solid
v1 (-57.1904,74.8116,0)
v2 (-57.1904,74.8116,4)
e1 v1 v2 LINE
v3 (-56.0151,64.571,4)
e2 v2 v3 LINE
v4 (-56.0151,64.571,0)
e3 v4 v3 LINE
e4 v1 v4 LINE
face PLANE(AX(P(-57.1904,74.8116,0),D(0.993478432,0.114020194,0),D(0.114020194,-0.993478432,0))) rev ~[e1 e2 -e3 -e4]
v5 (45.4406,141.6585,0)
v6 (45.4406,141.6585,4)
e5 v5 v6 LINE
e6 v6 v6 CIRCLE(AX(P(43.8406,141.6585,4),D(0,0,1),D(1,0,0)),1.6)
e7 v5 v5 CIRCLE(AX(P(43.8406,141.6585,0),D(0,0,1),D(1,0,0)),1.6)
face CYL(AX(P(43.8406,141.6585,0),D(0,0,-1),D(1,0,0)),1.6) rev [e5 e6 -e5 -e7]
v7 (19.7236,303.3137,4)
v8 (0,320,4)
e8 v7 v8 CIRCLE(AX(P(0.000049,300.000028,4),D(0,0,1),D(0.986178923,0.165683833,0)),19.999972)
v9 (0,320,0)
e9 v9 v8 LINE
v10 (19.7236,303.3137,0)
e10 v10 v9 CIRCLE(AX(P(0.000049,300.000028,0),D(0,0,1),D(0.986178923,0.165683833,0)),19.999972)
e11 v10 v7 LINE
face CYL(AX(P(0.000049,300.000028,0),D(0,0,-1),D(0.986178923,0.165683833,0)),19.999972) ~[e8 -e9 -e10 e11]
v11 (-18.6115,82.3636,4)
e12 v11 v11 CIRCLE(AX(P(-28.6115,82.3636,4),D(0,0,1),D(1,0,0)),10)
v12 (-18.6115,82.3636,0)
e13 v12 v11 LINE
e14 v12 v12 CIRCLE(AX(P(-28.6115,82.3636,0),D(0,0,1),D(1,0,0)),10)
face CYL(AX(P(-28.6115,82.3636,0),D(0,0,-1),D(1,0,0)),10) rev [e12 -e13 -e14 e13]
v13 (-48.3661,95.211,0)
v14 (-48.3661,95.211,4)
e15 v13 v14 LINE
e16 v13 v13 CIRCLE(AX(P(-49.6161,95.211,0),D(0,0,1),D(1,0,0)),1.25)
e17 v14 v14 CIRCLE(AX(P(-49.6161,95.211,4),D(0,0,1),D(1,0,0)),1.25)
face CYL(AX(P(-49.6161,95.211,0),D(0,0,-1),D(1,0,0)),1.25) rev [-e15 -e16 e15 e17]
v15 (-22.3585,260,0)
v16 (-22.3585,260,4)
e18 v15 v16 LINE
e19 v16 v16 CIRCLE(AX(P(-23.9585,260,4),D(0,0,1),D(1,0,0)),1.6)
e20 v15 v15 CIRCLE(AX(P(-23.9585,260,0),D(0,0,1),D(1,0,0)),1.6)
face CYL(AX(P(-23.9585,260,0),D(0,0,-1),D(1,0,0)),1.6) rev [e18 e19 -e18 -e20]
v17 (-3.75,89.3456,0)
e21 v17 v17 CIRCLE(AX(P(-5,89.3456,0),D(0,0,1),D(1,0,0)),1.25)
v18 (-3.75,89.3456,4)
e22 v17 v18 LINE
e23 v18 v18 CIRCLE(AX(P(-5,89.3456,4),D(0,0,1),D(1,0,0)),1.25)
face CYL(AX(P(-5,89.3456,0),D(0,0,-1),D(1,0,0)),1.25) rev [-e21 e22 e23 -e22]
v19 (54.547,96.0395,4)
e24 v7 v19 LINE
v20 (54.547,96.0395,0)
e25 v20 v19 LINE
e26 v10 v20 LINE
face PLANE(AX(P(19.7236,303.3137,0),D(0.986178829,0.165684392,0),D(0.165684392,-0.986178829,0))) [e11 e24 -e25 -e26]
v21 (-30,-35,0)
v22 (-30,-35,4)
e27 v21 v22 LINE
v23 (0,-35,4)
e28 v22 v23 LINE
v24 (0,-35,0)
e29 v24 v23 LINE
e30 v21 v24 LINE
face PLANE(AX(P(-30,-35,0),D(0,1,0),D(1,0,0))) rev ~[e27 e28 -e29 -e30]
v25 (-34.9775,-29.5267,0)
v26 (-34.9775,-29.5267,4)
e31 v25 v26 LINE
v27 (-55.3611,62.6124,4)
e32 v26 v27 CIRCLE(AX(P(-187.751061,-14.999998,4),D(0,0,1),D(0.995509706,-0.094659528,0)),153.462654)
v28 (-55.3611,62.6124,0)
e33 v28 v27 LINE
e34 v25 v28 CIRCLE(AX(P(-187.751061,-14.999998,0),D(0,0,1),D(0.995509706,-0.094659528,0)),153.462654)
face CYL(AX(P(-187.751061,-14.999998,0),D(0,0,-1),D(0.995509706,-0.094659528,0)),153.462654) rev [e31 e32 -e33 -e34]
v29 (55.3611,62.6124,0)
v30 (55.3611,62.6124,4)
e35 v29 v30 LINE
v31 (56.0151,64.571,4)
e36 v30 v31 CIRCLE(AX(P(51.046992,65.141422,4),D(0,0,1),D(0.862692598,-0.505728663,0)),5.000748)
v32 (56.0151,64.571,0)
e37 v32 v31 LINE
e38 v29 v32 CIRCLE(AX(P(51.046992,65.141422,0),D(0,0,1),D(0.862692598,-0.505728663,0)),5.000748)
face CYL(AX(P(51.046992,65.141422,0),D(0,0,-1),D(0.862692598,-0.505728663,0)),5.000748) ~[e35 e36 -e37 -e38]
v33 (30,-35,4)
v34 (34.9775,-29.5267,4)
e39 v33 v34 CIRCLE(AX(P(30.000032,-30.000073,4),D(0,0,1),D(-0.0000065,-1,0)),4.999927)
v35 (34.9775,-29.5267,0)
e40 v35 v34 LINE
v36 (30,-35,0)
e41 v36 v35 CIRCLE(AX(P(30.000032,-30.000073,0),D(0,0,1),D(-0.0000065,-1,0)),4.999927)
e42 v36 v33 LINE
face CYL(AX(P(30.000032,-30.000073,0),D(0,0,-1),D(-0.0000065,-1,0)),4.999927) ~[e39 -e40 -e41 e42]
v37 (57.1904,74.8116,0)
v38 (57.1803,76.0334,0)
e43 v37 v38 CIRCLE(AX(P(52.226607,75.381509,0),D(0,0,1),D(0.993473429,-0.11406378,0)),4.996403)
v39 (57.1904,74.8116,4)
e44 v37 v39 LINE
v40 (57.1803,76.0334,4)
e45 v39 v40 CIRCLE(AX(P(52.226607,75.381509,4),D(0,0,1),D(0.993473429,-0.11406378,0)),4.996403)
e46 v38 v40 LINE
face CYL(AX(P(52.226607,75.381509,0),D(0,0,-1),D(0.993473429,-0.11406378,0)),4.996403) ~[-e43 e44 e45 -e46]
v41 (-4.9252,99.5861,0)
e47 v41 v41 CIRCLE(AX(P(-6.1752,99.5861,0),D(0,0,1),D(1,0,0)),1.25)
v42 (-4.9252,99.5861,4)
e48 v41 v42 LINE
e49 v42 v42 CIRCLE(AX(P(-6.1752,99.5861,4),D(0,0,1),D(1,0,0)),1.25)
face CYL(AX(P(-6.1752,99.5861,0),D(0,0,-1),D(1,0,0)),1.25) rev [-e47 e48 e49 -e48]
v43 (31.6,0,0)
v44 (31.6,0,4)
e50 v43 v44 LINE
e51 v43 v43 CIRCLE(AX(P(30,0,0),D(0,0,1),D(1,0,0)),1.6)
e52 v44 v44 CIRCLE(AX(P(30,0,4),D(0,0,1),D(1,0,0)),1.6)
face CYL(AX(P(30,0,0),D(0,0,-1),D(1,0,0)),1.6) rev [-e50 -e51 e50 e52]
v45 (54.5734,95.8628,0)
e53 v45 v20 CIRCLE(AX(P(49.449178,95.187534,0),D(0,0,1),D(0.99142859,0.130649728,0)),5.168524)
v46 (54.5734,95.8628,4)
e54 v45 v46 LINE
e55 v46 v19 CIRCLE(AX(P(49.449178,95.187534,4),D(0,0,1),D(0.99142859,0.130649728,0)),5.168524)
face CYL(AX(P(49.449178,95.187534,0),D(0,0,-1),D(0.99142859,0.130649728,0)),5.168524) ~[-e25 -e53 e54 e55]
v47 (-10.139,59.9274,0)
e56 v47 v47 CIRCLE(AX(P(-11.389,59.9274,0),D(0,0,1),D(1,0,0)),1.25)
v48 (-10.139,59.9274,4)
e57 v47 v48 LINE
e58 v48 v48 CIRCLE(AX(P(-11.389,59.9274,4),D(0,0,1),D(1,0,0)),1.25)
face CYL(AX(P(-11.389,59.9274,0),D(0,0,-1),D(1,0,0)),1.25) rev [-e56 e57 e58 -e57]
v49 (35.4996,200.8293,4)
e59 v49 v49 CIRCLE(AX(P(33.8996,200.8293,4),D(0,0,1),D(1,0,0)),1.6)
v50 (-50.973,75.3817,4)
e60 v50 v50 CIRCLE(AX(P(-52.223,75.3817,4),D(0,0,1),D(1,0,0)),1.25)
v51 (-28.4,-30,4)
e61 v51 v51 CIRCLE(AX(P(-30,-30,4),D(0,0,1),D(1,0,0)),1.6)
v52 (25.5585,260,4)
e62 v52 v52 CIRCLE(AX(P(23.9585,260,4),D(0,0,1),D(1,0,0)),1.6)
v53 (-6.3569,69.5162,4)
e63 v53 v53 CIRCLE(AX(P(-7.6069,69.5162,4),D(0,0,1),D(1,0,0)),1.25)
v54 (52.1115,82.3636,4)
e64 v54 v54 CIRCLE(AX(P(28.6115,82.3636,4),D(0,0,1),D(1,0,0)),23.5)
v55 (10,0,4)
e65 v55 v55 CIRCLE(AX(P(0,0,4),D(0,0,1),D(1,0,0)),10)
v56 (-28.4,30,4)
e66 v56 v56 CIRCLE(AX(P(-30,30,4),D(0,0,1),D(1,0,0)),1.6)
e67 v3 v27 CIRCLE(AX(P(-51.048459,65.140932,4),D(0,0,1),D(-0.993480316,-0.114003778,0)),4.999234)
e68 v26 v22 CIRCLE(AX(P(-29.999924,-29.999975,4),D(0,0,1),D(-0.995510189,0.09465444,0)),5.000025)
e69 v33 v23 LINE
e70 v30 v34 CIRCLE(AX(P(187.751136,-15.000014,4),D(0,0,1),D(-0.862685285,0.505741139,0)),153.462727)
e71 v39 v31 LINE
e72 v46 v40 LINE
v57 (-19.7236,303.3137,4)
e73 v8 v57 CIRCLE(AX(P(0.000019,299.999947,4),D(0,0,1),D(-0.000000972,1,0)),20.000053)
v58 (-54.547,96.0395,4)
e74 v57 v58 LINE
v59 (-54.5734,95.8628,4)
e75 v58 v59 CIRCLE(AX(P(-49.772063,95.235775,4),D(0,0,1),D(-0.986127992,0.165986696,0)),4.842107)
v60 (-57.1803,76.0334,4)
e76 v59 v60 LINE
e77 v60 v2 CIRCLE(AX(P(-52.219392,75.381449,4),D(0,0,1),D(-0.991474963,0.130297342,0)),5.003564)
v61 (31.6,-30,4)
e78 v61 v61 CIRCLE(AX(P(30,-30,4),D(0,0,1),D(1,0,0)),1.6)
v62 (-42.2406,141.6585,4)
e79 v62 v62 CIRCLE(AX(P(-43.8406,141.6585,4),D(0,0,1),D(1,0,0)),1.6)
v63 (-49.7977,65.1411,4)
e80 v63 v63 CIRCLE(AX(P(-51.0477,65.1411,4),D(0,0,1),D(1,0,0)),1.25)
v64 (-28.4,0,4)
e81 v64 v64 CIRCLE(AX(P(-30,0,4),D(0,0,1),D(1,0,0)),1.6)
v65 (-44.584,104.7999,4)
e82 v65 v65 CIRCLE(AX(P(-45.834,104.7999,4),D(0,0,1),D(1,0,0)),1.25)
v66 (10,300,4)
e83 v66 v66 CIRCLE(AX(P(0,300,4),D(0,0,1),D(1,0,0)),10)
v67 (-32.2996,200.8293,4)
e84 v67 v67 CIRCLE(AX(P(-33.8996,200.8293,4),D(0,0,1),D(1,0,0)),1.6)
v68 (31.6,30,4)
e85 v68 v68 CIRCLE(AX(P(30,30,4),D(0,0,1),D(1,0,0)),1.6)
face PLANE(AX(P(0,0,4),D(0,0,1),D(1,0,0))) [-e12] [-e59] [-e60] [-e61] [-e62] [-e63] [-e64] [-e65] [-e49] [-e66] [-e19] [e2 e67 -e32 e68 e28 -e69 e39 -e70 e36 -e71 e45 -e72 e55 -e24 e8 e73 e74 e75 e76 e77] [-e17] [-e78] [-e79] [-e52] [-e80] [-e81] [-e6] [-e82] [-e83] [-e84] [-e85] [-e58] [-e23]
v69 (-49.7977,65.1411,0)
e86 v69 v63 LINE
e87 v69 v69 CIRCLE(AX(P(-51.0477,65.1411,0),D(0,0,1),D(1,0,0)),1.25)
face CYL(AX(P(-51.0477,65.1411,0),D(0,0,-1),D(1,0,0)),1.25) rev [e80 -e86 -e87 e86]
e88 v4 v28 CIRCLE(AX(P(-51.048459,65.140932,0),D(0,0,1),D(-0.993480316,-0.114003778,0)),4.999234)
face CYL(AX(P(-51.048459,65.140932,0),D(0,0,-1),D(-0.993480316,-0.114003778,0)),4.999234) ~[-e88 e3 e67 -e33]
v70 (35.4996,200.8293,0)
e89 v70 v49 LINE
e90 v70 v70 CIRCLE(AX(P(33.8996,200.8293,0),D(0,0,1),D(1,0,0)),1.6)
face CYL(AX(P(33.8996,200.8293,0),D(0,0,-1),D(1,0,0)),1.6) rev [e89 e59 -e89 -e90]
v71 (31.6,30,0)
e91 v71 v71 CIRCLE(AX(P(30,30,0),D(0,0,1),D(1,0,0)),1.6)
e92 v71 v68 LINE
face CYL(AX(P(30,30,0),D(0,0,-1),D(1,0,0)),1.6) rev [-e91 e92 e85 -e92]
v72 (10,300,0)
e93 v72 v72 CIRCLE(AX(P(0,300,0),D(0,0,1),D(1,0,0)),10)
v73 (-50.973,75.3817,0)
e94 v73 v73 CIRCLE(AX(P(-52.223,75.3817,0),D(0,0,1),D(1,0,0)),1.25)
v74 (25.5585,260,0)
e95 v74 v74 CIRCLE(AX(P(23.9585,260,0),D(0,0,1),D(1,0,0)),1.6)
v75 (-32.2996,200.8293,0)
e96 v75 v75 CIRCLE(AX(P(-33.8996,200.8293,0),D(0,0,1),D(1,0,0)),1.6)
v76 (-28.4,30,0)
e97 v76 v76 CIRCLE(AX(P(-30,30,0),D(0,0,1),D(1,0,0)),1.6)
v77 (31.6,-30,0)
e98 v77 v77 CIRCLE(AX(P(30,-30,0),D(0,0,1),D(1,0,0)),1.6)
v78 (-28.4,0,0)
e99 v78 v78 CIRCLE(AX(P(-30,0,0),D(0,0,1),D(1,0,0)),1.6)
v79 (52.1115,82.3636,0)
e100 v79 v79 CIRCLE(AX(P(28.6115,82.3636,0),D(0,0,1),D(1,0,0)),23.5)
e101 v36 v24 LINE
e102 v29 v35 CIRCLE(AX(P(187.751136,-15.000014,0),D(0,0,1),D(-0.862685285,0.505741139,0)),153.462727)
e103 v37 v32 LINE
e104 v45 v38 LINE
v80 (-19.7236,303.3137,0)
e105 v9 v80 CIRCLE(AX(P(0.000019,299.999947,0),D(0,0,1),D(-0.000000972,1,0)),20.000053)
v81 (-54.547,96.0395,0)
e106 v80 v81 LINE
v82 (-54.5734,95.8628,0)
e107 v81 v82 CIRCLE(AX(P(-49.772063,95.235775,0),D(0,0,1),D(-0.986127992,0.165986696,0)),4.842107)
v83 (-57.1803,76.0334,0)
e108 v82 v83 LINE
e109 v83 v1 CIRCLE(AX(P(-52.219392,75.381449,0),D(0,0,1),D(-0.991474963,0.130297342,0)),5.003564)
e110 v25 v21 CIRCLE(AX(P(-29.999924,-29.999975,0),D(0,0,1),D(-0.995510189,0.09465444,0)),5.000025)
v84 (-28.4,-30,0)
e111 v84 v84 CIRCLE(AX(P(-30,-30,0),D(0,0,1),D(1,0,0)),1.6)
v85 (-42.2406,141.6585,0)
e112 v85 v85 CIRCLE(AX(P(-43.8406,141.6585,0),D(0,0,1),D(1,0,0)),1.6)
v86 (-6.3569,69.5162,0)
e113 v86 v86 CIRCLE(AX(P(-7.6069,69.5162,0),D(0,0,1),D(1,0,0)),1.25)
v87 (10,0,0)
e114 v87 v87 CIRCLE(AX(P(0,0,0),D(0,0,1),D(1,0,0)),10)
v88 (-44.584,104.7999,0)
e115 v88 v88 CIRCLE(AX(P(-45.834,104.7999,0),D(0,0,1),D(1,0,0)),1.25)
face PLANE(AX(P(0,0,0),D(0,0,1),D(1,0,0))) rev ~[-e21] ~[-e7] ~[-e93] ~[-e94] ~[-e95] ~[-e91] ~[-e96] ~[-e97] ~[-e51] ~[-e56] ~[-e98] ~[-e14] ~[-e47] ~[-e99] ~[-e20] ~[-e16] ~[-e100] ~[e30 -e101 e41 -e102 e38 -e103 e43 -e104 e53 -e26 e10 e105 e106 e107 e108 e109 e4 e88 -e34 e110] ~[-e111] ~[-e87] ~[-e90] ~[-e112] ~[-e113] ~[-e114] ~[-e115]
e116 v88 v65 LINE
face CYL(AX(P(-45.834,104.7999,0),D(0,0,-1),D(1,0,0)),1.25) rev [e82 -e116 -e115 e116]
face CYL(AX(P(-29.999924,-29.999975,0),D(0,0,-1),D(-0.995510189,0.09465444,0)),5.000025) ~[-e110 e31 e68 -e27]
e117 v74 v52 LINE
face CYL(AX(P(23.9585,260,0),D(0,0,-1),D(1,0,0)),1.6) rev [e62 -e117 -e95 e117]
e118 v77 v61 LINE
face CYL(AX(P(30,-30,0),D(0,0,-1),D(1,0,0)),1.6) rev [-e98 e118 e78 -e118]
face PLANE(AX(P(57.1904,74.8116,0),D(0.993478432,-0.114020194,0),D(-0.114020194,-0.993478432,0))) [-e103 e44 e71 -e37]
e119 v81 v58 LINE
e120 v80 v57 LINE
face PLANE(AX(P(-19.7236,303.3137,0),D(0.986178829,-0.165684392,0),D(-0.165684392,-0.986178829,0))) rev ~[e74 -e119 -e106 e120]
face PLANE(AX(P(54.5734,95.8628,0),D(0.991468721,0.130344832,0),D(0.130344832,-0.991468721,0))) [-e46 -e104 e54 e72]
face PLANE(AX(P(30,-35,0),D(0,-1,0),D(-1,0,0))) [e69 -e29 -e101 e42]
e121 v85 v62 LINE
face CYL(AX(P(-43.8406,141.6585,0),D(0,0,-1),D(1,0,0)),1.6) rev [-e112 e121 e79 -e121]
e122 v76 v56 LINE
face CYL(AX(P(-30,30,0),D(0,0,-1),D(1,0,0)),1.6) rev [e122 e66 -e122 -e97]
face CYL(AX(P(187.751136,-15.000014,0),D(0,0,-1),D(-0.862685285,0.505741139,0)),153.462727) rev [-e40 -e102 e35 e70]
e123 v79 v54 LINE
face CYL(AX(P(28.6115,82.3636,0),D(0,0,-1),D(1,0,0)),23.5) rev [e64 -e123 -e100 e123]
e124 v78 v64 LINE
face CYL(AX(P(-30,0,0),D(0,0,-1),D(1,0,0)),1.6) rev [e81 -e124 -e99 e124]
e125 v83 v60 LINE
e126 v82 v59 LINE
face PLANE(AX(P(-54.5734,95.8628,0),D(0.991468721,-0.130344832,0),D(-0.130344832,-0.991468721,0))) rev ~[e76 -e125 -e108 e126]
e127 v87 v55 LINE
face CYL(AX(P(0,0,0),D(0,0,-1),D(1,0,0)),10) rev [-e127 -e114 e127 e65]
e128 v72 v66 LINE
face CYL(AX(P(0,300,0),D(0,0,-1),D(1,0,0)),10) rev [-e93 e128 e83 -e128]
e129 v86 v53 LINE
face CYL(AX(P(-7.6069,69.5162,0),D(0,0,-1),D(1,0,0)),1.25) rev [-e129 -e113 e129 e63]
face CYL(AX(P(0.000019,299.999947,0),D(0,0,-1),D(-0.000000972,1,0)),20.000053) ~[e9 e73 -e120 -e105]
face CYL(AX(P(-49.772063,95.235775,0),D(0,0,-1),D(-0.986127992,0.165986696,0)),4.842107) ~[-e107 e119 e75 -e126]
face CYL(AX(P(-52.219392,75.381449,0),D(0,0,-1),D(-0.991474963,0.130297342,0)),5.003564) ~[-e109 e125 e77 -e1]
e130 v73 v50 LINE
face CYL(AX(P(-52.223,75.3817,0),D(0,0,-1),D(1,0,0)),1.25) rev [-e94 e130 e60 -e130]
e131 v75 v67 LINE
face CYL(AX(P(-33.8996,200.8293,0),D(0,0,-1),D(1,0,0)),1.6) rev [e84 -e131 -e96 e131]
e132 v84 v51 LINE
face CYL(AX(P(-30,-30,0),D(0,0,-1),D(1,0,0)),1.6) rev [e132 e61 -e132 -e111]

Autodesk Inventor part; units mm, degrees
ref_plane "YZ Plane" through (0, 0, 0) normal (1, 0, 0) x (0, 1, 0)
ref_plane "XZ Plane" through (0, 0, 0) normal (0, 1, 0) x (-1, 0, 0)
ref_plane "XY Plane" through (0, 0, 0) normal (0, 0, 1) x (1, 0, 0)
sketch "スケッチ1" plane through (0, 0, 0) normal (0, 0, 1) x (1, 0, 0)
  circle A0 centre (0, 0) radius 10
  circle A1 centre (0, 0) radius 52 construction
  line L0 (30, 30) -> (-30, 30) construction
  line L1 (-30, 30) -> (-30, -30) construction
  line L2 (-30, -30) -> (30, -30) construction
  line L3 (30, -30) -> (30, 30) construction
  line L4 (30, 30) -> (-30, -30) construction
  line L5 (-30, 30) -> (30, -30) construction
  circle A2 centre (-30, 30) radius 1.6
  circle A3 centre (-30, 0) radius 1.6
  circle A4 centre (-30, -30) radius 1.6
  circle A5 centre (30, 30) radius 1.6
  circle A6 centre (30, 0) radius 1.6
  circle A7 centre (30, -30) radius 1.6
  circle A8 centre (-28.6115, 82.3636) radius 23.5 construction
  circle A9 centre (0, 0) radius 57 construction
  circle A10 centre (-28.6115, 82.3636) radius 10
  circle A11 centre (0, 300) radius 10
  line L6 (0, 300) -> (-28.6115, 82.3636) construction
  line L7 (-5, 89.3456) -> (-49.6161, 95.211) construction
  line L8 (-49.6161, 95.211) -> (-52.223, 75.3817) construction
  line L9 (-52.223, 75.3817) -> (-7.6069, 69.5162) construction
  line L10 (-7.6069, 69.5162) -> (-5, 89.3456) construction
  line L11 (-5, 89.3456) -> (-52.223, 75.3817) construction
  line L12 (-49.6161, 95.211) -> (-7.6069, 69.5162) construction
  line L13 (-6.1752, 99.5861) -> (-45.834, 104.7999) construction
  line L14 (-45.834, 104.7999) -> (-51.0477, 65.1411) construction
  line L15 (-51.0477, 65.1411) -> (-11.389, 59.9274) construction
  line L16 (-11.389, 59.9274) -> (-6.1752, 99.5861) construction
  line L17 (-6.1752, 99.5861) -> (-51.0477, 65.1411) construction
  line L18 (-45.834, 104.7999) -> (-11.389, 59.9274) construction
  circle A12 centre (-45.834, 104.7999) radius 1.25
  circle A13 centre (-49.6161, 95.211) radius 1.25
  circle A14 centre (-52.223, 75.3817) radius 1.25
  circle A15 centre (-51.0477, 65.1411) radius 1.25
  circle A16 centre (-6.1752, 99.5861) radius 1.25
  circle A17 centre (-5, 89.3456) radius 1.25
  circle A18 centre (-7.6069, 69.5162) radius 1.25
  circle A19 centre (-11.389, 59.9274) radius 1.25
  circle A20 centre (-5, 89.3456) radius 5 construction
  circle A21 centre (-7.6069, 69.5162) radius 4 construction
  line L19 (0, 0) -> (0, 174.5579) construction
  circle A22 centre (28.6115, 82.3636) radius 23.5
  circle A23 centre (-11.389, 59.9274) radius 4 construction
  arc A24 (0, 320) -> (-19.7236, 303.3137) centre (0, 300) ccw
  arc A25 (-54.547, 96.0395) -> (-54.5734, 95.8628) centre (-49.6161, 95.211) ccw
  arc A26 (-57.1803, 76.0334) -> (-57.1904, 74.8116) centre (-52.223, 75.3817) ccw
  arc A27 (-56.0151, 64.571) -> (-55.3611, 62.6124) centre (-51.0477, 65.1411) ccw
  arc A28 (-34.9775, -29.5267) -> (-30, -35) centre (-30, -30) ccw
  line L20 (-54.5734, 95.8628) -> (-57.1803, 76.0334)
  line L21 (-57.1904, 74.8116) -> (-56.0151, 64.571)
  arc A29 (-34.9775, -29.5267) -> (-55.3611, 62.6124) centre (-187.7511, -15) ccw
  arc A30 (-31.6722, 4.7121) -> (-34.6924, -1.7267) centre (-30, 0) ccw construction
  line L22 (-19.7236, 303.3137) -> (-54.547, 96.0395)
  line L23 (-30, -35) -> (0, -35)
  circle A31 centre (-23.9585, 260) radius 1.6
  circle A32 centre (-43.8406, 141.6585) radius 1.6
  line L24 (-23.9585, 260) -> (-43.8406, 141.6585) construction
  circle A33 centre (-33.8996, 200.8293) radius 1.6
  arc A34 (19.7236, 303.3137) -> (0, 320) centre (0, 300) ccw
  arc A35 (54.5734, 95.8628) -> (54.547, 96.0395) centre (49.6161, 95.211) ccw
  arc A36 (57.1904, 74.8116) -> (57.1803, 76.0334) centre (52.223, 75.3817) ccw
  arc A37 (55.3611, 62.6124) -> (56.0151, 64.571) centre (51.0477, 65.1411) ccw
  arc A38 (30, -35) -> (34.9775, -29.5267) centre (30, -30) ccw
  line L25 (54.5734, 95.8628) -> (57.1803, 76.0334)
  line L26 (57.1904, 74.8116) -> (56.0151, 64.571)
  arc A39 (55.3611, 62.6124) -> (34.9775, -29.5267) centre (187.7511, -15) ccw
  line L27 (19.7236, 303.3137) -> (54.547, 96.0395)
  line L28 (30, -35) -> (0, -35)
  circle A40 centre (23.9585, 260) radius 1.6
  circle A41 centre (43.8406, 141.6585) radius 1.6
  circle A42 centre (33.8996, 200.8293) radius 1.6
  dimension "d0" = 20
  dimension "d1" = 104
  dimension "d2" = 60
  dimension "d3" = 60
  dimension "d4" = 3.2
  dimension "d5" = 3.2
  dimension "d6" = 3.2
  dimension "d7" = 3.2
  dimension "d8" = 3.2
  dimension "d9" = 3.2
  dimension "d10" = 47
  dimension "d12" = 5
  dimension "d13" = 20
  dimension "d14" = 20
  dimension "d15" = 300
  dimension "d16" = 20
  dimension "d17" = 45
  dimension "d18" = 40
  dimension "d19" = 40
  dimension "d20" = 2.5
  dimension "d21" = 2.5
  dimension "d22" = 2.5
  dimension "d23" = 2.5
  dimension "d24" = 2.5
  dimension "d25" = 2.5
  dimension "d26" = 2.5
  dimension "d27" = 2.5
  dimension "d28" = 10
  dimension "d29" = 8
  dimension "d30" = 8
  dimension "d31" = 20
  dimension "d33" = 5
  dimension "d34" = 5
  dimension "d35" = 5
  dimension "d36" = 5
  dimension "d37" = 5
  dimension "d38" = 3.2
  dimension "d39" = 3.2
  dimension "d40" = 3
  dimension "d41" = 120
  dimension "d42" = 40
  dimension "d43" = 3.2
extrude "押し出し1" add sketch "スケッチ1" along normal blind 4
properties part number "関節3_側板1" material "アルミニウム 6061"
